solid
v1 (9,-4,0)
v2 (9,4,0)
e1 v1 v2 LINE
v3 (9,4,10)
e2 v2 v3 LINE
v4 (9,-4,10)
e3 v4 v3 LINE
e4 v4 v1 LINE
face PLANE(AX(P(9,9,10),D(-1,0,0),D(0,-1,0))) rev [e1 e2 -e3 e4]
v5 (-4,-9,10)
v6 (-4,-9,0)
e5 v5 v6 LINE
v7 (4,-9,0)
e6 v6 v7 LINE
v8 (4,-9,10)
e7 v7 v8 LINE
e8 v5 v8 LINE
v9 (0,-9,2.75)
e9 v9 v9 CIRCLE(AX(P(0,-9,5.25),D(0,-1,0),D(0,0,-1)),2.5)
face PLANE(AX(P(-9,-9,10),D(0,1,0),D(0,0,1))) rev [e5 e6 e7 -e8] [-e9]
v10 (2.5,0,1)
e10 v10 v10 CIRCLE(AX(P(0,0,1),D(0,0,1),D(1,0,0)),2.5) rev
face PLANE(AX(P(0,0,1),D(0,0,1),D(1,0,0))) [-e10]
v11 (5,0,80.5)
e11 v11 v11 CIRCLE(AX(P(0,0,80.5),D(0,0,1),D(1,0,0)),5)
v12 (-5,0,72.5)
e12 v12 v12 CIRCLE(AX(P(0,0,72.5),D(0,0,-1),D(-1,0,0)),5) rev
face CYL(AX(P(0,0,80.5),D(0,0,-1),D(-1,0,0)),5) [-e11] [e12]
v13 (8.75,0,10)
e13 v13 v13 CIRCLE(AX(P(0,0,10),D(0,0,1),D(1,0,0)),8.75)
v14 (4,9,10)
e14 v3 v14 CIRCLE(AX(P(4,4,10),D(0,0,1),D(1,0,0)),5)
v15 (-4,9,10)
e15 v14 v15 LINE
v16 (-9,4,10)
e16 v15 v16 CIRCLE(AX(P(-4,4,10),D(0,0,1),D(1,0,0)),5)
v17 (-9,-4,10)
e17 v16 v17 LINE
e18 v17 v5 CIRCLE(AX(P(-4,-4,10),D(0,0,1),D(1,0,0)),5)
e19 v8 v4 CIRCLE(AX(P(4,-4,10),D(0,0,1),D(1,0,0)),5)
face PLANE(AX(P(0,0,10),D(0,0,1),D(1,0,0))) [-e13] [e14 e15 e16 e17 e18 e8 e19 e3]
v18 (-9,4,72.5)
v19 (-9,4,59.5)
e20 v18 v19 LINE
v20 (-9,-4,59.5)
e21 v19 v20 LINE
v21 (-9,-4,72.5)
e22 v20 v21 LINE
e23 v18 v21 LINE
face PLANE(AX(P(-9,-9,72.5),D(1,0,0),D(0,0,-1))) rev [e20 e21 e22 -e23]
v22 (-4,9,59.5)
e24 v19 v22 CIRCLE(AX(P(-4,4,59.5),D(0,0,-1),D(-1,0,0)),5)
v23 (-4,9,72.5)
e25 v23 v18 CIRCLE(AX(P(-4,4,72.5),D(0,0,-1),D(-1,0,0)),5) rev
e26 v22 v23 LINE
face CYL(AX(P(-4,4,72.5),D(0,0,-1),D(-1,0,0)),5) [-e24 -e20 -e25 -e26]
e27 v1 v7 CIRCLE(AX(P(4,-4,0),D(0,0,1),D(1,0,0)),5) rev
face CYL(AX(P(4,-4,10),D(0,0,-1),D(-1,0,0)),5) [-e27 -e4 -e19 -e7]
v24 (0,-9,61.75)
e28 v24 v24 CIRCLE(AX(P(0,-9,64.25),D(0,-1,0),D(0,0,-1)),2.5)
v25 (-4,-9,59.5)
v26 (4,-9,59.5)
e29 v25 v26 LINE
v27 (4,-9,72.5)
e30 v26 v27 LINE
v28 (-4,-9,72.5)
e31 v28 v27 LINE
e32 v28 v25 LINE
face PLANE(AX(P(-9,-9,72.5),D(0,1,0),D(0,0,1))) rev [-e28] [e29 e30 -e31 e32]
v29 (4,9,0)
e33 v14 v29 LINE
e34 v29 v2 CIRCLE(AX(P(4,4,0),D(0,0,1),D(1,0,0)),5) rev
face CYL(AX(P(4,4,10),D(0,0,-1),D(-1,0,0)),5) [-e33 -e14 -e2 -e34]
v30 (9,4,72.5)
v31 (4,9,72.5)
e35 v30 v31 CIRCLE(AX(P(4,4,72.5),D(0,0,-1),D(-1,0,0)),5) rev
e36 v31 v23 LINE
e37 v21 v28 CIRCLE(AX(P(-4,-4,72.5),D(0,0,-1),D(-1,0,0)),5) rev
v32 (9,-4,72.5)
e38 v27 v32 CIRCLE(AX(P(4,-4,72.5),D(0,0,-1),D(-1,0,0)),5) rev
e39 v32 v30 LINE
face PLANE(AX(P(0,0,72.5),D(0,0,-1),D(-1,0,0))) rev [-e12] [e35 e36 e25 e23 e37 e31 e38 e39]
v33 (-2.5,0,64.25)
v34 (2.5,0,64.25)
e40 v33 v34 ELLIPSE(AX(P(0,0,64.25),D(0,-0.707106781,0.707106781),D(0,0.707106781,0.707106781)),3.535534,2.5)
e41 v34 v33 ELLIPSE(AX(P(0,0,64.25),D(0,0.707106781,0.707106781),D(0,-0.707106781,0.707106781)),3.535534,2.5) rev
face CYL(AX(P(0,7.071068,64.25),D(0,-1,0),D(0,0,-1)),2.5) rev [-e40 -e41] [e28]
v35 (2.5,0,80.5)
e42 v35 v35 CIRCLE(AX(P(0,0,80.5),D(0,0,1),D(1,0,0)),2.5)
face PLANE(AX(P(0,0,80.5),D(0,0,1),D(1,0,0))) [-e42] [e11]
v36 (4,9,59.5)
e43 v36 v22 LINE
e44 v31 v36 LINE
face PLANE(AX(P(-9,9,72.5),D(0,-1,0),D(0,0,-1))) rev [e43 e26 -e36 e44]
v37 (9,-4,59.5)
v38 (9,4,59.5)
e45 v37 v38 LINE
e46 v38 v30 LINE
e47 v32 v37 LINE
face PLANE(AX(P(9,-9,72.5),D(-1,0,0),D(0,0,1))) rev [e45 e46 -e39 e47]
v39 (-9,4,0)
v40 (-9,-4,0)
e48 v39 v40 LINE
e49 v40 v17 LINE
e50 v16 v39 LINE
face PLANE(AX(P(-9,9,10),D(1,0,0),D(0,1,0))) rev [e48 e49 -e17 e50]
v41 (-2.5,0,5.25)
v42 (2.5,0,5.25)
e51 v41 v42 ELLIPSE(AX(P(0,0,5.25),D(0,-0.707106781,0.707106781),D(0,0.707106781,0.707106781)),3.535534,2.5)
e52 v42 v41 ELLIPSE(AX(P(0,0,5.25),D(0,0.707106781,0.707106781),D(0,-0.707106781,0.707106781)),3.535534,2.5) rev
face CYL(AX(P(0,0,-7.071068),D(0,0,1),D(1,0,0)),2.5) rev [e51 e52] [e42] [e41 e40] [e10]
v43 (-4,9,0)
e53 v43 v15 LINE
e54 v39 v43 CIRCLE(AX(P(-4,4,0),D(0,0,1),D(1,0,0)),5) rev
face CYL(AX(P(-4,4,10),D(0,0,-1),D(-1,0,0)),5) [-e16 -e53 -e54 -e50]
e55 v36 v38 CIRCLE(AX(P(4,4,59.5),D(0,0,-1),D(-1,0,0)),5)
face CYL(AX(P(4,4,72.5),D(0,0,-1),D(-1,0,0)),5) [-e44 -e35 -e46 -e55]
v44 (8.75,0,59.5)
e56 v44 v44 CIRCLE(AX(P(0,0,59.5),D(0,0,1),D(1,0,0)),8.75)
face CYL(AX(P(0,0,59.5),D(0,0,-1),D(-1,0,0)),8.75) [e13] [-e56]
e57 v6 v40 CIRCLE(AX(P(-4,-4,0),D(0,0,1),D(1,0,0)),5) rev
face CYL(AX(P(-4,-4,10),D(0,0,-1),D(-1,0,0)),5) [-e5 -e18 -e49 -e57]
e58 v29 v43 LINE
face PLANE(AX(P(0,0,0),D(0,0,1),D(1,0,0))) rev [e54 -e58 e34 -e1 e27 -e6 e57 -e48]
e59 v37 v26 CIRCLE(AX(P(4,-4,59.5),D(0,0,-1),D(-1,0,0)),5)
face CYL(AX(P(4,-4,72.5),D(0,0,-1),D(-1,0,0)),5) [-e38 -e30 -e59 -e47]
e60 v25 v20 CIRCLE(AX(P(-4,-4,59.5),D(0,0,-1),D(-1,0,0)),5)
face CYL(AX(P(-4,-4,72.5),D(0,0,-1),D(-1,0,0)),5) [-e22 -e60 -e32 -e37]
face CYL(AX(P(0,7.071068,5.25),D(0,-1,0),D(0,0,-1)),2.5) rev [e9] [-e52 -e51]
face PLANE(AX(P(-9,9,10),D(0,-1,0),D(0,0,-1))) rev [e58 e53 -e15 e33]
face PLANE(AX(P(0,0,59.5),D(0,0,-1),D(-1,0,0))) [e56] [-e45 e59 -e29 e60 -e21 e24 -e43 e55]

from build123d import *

# Parameters (mm, degrees)
SKETCH_1_W               = 18
SKETCH_1_H               = 18
EXTRUDE_1_DEPTH          = 10
SKETCH_2_R               = 8.75
EXTRUDE_2_DEPTH          = 49.5
SKETCH_3_W               = 18
SKETCH_3_H               = 18
EXTRUDE_3_DEPTH          = 13
SKETCH_4_R               = 5
EXTRUDE_4_DEPTH          = 8
SKETCH_5_R               = 2.5
CUT_EXTRUDE_1_DEPTH      = 79.5
FILLET_1_R               = 5
CUT_EXTRUDE_2_REACH      = 84.977
CUT_EXTRUDE_2_END_RADIUS = 2.5
SKETCH_6_R               = 2.5


with BuildPart() as part:
    # 草图1 → 凸台-拉伸1 (new body)
    with BuildSketch(Plane.XY):
        Rectangle(SKETCH_1_W, SKETCH_1_H)
    extrude(amount=EXTRUDE_1_DEPTH)

    # 草图2 → 凸台-拉伸2 (add)
    with BuildSketch(Plane.XY.offset(10)):
        Circle(SKETCH_2_R)
    extrude(amount=EXTRUDE_2_DEPTH)

    # 草图3 → 凸台-拉伸3 (add)
    with BuildSketch(Plane.XY.offset(59.5)):
        Rectangle(SKETCH_3_W, SKETCH_3_H)
    extrude(amount=EXTRUDE_3_DEPTH)

    # 草图4 → 凸台-拉伸4 (add)
    with BuildSketch(Plane.XY.offset(72.5)):
        with Locations(Location((0, 0, 0), (0, 0, 180))):
            Circle(SKETCH_4_R)
    extrude(amount=EXTRUDE_4_DEPTH)

    # 草图5 → 切除-拉伸1 (cut)
    with BuildSketch(Plane.XY.offset(80.5)):
        Circle(SKETCH_5_R)
    extrude(amount=-CUT_EXTRUDE_1_DEPTH, mode=Mode.SUBTRACT)

    # 圆角1
    fillet_1_edges = [part.edges().sort_by_distance(p)[0] for p in [
        (9, -9, 66),
        (9, 9, 66),
        (-9, 9, 66),
        (-9, -9, 66),
        (9, -9, 5),
        (-9, -9, 5),
        (-9, 9, 5),
        (9, 9, 5),
    ]]
    fillet(fillet_1_edges, radius=FILLET_1_R)

    # 切除-拉伸2: up to this cylinder (the profile starts outside it)
    cut_extrude_2_end = Plane(origin=(0, 0, 34.75), z_dir=(0, 0, 1)) * Cylinder(CUT_EXTRUDE_2_END_RADIUS, 234.954, mode=Mode.PRIVATE)
    # 草图6 → 切除-拉伸2 (cut, up to the surface)
    with BuildSketch(Plane.XZ.offset(9), mode=Mode.PRIVATE) as cut_extrude_2_sk1:
        with Locations(Location((0, 5.25, 0), (0, 0, 270))):
            Circle(SKETCH_6_R)
    cut_extrude_2_tool1 = extrude(cut_extrude_2_sk1.sketch, amount=-CUT_EXTRUDE_2_REACH, mode=Mode.PRIVATE) - cut_extrude_2_end
    add(cut_extrude_2_tool1.solids().sort_by_distance((0, -9, 5.25))[0], mode=Mode.SUBTRACT)
    # 草图6 → 切除-拉伸2 (cut, up to the surface)
    with BuildSketch(Plane.XZ.offset(9), mode=Mode.PRIVATE) as cut_extrude_2_sk2:
        with Locations(Location((0, 64.25, 0), (0, 0, 270))):
            Circle(SKETCH_6_R)
    cut_extrude_2_tool2 = extrude(cut_extrude_2_sk2.sketch, amount=-CUT_EXTRUDE_2_REACH, mode=Mode.PRIVATE) - cut_extrude_2_end
    add(cut_extrude_2_tool2.solids().sort_by_distance((0, -9, 64.25))[0], mode=Mode.SUBTRACT)


solid = part.part
